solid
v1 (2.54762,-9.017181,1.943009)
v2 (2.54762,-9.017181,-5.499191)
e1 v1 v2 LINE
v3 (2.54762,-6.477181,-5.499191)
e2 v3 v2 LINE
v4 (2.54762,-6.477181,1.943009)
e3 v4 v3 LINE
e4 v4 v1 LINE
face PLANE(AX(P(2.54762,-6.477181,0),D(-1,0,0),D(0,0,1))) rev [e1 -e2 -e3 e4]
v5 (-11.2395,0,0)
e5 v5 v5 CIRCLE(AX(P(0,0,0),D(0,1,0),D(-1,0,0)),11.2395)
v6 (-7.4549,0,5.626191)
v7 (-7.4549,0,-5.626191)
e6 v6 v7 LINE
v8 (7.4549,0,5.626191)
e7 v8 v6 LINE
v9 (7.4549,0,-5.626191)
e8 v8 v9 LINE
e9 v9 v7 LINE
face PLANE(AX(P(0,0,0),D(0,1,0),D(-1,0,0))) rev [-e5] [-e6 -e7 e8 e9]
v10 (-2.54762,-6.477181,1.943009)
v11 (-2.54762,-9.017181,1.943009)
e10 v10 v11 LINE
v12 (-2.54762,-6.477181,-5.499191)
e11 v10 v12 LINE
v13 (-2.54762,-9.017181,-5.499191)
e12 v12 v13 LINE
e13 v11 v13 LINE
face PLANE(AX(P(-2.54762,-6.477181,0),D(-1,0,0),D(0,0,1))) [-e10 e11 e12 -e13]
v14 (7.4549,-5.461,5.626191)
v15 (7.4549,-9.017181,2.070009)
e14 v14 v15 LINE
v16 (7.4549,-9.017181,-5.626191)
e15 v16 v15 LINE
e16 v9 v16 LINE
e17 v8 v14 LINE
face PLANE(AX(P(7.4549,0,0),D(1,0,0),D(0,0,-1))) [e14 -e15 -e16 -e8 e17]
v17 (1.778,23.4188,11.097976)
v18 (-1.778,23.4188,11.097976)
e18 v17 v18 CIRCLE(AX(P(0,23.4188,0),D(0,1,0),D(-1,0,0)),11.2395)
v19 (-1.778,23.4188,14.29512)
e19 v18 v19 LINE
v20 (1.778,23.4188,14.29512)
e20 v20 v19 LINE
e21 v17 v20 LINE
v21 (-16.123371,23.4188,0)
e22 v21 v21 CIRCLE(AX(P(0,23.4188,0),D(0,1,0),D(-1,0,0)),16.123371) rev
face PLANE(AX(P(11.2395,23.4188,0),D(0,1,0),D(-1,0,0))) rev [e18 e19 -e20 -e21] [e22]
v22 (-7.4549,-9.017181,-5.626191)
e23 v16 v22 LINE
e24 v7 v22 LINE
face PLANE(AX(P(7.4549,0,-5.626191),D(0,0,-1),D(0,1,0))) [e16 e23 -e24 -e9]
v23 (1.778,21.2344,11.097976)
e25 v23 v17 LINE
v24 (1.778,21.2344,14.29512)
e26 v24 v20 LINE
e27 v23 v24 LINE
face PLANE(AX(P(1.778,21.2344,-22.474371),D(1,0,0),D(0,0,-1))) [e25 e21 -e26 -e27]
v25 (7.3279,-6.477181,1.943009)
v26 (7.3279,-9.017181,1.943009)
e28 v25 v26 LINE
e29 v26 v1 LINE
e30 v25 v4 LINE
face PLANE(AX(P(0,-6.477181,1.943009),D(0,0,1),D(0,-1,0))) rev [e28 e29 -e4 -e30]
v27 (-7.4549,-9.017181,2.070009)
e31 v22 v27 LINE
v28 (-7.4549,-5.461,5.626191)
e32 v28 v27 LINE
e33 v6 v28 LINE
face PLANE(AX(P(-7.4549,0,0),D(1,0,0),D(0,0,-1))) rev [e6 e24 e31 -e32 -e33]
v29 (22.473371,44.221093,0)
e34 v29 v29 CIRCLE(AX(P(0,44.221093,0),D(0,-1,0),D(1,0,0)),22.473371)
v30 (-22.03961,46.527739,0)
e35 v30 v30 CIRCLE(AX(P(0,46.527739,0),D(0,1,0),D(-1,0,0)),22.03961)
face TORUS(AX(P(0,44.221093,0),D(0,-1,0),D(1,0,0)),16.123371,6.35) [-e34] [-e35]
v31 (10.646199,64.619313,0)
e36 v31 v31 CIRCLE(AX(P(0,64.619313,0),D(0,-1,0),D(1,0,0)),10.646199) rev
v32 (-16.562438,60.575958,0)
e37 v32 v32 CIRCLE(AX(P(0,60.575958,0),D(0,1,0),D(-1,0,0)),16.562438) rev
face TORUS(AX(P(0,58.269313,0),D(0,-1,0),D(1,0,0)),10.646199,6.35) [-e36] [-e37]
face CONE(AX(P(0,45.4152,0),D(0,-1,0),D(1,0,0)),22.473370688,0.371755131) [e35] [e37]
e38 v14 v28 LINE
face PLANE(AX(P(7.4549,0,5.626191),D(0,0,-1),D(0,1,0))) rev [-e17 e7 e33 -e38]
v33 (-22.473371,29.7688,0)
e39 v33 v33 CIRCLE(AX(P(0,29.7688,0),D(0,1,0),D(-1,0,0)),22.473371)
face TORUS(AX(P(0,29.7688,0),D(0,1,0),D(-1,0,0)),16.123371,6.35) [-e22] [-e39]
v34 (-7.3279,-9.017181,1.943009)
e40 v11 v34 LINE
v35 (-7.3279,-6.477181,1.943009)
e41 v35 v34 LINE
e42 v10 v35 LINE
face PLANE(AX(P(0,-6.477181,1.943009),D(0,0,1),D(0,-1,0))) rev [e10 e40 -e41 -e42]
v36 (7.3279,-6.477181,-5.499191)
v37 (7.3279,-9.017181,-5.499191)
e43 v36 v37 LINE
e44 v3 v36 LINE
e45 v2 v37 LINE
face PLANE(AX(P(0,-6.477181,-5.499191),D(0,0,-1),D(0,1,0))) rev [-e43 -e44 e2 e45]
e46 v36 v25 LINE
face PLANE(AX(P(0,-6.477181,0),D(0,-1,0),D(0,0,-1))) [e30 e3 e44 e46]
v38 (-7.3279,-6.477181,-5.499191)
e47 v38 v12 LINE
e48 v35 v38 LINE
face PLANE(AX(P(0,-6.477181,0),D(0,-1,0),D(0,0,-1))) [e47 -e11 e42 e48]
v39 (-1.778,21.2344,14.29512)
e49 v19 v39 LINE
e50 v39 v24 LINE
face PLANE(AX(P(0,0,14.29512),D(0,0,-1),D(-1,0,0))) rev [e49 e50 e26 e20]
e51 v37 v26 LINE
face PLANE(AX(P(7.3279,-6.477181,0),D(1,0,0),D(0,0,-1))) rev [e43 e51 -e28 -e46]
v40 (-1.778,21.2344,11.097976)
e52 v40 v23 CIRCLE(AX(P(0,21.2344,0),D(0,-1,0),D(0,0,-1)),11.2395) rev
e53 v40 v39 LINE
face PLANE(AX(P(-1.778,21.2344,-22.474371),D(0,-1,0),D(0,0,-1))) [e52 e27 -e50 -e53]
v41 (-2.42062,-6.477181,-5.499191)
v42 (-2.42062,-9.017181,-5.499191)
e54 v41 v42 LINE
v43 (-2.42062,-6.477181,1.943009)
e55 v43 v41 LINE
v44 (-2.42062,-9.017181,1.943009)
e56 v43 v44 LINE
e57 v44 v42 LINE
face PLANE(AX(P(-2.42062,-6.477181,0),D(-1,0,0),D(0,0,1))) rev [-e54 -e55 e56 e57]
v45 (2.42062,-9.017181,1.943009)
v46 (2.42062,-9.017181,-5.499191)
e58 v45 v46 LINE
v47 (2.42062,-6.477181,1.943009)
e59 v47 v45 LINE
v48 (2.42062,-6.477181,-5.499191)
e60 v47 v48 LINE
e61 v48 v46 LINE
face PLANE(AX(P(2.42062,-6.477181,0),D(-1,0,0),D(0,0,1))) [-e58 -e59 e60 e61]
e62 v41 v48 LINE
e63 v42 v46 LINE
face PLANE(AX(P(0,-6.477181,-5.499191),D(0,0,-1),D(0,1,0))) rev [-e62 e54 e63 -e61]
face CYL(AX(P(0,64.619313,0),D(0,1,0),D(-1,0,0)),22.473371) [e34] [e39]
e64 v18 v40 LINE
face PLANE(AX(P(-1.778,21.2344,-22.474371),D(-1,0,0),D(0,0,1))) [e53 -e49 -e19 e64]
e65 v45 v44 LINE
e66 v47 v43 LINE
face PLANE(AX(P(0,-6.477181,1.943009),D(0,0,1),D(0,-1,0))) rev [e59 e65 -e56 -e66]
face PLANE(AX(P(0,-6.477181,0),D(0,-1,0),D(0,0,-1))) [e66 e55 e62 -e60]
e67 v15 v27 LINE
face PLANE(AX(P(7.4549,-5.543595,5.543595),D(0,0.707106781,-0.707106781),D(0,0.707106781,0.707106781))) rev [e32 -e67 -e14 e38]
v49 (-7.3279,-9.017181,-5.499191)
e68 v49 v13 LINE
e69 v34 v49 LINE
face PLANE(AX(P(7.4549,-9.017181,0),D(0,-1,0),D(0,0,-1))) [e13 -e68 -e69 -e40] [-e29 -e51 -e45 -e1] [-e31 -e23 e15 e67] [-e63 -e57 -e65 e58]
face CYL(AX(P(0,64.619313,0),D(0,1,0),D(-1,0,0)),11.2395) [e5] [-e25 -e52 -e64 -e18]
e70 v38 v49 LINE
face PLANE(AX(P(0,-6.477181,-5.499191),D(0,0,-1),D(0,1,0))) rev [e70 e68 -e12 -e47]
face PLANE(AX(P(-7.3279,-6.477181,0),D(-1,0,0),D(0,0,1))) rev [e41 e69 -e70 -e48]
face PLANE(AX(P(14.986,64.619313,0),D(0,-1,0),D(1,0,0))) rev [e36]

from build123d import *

# Parameters (mm, degrees)
FILLET2_R                = 6.35
BOSS_EXTRUDE1_DEPTH      = 7.4549
SKETCH3_W                = 4.78028
SKETCH3_H                = 7.4422
SKETCH3_W_2              = 4.84124
CUT_EXTRUDE1_DEPTH       = 2.54
BOSS_EXTRUDE2_REACH      = 88.307
BOSS_EXTRUDE2_END_RADIUS = 11.2395
BOSS_EXTRUDE2_START      = 14.29512
SKETCH4_W                = 3.556
SKETCH4_H                = 2.1844


with BuildPart() as part:
    # Sketch1 → Revolve1 (revolve)
    with BuildSketch(Plane.XY):
        Polygon((0, 0), (11.2395, 0), (11.2395, 23.4188), (22.473370688, 23.4188), (22.473370688, 45.4152), (14.986, 64.619312752), (0, 64.619312752), align=None)
    revolve(axis=Axis((0, 64.619312752, 0), (0, -1, 0)))

    # Fillet2
    fillet2_edges = [part.edges().sort_by_distance(p)[0] for p in [
        (-22.473370688, 23.4188, 0),
        (-22.473370688, 45.4152, 0),
        (-14.986, 64.619312752, 0),
    ]]
    fillet(fillet2_edges, radius=FILLET2_R)

    # Sketch2 → Boss-Extrude1 (add, symmetric)
    with BuildSketch(Plane(origin=(0, 0, 0), x_dir=(0, 0, -1), z_dir=(1, 0, 0))):
        Polygon((5.626190712, 0), (-5.626190712, 0), (-5.626190712, -5.461), (-2.070009288, -9.017181424), (5.626190712, -9.017181424), align=None)
    extrude(amount=BOSS_EXTRUDE1_DEPTH, both=True)

    # Sketch3 → Cut-Extrude1 (cut)
    with BuildSketch(Plane.XZ.offset(9.017181424)):
        with Locations((-4.93776, -1.778090712)):
            Rectangle(SKETCH3_W, SKETCH3_H)
        with Locations((0, -1.778090712)):
            Rectangle(SKETCH3_W_2, SKETCH3_H)
        with Locations((4.93776, -1.778090712)):
            Rectangle(SKETCH3_W, SKETCH3_H)
    extrude(amount=-CUT_EXTRUDE1_DEPTH, mode=Mode.SUBTRACT)

    # Boss-Extrude2: up to this cylinder (the profile starts outside it)
    boss_extrude2_end = Plane(origin=(0, 22.3266, 0), z_dir=(0, 1, 0)) * Cylinder(BOSS_EXTRUDE2_END_RADIUS, 200.093, mode=Mode.PRIVATE)
    # Sketch4 → Boss-Extrude2 (add, up to the surface)
    with BuildSketch(Plane.XY.offset(BOSS_EXTRUDE2_START), mode=Mode.PRIVATE) as boss_extrude2_sk1:
        with Locations((0, 22.3266)):
            Rectangle(SKETCH4_W, SKETCH4_H)
    boss_extrude2_tool1 = extrude(boss_extrude2_sk1.sketch, amount=-BOSS_EXTRUDE2_REACH, mode=Mode.PRIVATE) - boss_extrude2_end
    add(boss_extrude2_tool1.solids().sort_by_distance((0, 22.3266, 14.29512))[0])


solid = part.part
